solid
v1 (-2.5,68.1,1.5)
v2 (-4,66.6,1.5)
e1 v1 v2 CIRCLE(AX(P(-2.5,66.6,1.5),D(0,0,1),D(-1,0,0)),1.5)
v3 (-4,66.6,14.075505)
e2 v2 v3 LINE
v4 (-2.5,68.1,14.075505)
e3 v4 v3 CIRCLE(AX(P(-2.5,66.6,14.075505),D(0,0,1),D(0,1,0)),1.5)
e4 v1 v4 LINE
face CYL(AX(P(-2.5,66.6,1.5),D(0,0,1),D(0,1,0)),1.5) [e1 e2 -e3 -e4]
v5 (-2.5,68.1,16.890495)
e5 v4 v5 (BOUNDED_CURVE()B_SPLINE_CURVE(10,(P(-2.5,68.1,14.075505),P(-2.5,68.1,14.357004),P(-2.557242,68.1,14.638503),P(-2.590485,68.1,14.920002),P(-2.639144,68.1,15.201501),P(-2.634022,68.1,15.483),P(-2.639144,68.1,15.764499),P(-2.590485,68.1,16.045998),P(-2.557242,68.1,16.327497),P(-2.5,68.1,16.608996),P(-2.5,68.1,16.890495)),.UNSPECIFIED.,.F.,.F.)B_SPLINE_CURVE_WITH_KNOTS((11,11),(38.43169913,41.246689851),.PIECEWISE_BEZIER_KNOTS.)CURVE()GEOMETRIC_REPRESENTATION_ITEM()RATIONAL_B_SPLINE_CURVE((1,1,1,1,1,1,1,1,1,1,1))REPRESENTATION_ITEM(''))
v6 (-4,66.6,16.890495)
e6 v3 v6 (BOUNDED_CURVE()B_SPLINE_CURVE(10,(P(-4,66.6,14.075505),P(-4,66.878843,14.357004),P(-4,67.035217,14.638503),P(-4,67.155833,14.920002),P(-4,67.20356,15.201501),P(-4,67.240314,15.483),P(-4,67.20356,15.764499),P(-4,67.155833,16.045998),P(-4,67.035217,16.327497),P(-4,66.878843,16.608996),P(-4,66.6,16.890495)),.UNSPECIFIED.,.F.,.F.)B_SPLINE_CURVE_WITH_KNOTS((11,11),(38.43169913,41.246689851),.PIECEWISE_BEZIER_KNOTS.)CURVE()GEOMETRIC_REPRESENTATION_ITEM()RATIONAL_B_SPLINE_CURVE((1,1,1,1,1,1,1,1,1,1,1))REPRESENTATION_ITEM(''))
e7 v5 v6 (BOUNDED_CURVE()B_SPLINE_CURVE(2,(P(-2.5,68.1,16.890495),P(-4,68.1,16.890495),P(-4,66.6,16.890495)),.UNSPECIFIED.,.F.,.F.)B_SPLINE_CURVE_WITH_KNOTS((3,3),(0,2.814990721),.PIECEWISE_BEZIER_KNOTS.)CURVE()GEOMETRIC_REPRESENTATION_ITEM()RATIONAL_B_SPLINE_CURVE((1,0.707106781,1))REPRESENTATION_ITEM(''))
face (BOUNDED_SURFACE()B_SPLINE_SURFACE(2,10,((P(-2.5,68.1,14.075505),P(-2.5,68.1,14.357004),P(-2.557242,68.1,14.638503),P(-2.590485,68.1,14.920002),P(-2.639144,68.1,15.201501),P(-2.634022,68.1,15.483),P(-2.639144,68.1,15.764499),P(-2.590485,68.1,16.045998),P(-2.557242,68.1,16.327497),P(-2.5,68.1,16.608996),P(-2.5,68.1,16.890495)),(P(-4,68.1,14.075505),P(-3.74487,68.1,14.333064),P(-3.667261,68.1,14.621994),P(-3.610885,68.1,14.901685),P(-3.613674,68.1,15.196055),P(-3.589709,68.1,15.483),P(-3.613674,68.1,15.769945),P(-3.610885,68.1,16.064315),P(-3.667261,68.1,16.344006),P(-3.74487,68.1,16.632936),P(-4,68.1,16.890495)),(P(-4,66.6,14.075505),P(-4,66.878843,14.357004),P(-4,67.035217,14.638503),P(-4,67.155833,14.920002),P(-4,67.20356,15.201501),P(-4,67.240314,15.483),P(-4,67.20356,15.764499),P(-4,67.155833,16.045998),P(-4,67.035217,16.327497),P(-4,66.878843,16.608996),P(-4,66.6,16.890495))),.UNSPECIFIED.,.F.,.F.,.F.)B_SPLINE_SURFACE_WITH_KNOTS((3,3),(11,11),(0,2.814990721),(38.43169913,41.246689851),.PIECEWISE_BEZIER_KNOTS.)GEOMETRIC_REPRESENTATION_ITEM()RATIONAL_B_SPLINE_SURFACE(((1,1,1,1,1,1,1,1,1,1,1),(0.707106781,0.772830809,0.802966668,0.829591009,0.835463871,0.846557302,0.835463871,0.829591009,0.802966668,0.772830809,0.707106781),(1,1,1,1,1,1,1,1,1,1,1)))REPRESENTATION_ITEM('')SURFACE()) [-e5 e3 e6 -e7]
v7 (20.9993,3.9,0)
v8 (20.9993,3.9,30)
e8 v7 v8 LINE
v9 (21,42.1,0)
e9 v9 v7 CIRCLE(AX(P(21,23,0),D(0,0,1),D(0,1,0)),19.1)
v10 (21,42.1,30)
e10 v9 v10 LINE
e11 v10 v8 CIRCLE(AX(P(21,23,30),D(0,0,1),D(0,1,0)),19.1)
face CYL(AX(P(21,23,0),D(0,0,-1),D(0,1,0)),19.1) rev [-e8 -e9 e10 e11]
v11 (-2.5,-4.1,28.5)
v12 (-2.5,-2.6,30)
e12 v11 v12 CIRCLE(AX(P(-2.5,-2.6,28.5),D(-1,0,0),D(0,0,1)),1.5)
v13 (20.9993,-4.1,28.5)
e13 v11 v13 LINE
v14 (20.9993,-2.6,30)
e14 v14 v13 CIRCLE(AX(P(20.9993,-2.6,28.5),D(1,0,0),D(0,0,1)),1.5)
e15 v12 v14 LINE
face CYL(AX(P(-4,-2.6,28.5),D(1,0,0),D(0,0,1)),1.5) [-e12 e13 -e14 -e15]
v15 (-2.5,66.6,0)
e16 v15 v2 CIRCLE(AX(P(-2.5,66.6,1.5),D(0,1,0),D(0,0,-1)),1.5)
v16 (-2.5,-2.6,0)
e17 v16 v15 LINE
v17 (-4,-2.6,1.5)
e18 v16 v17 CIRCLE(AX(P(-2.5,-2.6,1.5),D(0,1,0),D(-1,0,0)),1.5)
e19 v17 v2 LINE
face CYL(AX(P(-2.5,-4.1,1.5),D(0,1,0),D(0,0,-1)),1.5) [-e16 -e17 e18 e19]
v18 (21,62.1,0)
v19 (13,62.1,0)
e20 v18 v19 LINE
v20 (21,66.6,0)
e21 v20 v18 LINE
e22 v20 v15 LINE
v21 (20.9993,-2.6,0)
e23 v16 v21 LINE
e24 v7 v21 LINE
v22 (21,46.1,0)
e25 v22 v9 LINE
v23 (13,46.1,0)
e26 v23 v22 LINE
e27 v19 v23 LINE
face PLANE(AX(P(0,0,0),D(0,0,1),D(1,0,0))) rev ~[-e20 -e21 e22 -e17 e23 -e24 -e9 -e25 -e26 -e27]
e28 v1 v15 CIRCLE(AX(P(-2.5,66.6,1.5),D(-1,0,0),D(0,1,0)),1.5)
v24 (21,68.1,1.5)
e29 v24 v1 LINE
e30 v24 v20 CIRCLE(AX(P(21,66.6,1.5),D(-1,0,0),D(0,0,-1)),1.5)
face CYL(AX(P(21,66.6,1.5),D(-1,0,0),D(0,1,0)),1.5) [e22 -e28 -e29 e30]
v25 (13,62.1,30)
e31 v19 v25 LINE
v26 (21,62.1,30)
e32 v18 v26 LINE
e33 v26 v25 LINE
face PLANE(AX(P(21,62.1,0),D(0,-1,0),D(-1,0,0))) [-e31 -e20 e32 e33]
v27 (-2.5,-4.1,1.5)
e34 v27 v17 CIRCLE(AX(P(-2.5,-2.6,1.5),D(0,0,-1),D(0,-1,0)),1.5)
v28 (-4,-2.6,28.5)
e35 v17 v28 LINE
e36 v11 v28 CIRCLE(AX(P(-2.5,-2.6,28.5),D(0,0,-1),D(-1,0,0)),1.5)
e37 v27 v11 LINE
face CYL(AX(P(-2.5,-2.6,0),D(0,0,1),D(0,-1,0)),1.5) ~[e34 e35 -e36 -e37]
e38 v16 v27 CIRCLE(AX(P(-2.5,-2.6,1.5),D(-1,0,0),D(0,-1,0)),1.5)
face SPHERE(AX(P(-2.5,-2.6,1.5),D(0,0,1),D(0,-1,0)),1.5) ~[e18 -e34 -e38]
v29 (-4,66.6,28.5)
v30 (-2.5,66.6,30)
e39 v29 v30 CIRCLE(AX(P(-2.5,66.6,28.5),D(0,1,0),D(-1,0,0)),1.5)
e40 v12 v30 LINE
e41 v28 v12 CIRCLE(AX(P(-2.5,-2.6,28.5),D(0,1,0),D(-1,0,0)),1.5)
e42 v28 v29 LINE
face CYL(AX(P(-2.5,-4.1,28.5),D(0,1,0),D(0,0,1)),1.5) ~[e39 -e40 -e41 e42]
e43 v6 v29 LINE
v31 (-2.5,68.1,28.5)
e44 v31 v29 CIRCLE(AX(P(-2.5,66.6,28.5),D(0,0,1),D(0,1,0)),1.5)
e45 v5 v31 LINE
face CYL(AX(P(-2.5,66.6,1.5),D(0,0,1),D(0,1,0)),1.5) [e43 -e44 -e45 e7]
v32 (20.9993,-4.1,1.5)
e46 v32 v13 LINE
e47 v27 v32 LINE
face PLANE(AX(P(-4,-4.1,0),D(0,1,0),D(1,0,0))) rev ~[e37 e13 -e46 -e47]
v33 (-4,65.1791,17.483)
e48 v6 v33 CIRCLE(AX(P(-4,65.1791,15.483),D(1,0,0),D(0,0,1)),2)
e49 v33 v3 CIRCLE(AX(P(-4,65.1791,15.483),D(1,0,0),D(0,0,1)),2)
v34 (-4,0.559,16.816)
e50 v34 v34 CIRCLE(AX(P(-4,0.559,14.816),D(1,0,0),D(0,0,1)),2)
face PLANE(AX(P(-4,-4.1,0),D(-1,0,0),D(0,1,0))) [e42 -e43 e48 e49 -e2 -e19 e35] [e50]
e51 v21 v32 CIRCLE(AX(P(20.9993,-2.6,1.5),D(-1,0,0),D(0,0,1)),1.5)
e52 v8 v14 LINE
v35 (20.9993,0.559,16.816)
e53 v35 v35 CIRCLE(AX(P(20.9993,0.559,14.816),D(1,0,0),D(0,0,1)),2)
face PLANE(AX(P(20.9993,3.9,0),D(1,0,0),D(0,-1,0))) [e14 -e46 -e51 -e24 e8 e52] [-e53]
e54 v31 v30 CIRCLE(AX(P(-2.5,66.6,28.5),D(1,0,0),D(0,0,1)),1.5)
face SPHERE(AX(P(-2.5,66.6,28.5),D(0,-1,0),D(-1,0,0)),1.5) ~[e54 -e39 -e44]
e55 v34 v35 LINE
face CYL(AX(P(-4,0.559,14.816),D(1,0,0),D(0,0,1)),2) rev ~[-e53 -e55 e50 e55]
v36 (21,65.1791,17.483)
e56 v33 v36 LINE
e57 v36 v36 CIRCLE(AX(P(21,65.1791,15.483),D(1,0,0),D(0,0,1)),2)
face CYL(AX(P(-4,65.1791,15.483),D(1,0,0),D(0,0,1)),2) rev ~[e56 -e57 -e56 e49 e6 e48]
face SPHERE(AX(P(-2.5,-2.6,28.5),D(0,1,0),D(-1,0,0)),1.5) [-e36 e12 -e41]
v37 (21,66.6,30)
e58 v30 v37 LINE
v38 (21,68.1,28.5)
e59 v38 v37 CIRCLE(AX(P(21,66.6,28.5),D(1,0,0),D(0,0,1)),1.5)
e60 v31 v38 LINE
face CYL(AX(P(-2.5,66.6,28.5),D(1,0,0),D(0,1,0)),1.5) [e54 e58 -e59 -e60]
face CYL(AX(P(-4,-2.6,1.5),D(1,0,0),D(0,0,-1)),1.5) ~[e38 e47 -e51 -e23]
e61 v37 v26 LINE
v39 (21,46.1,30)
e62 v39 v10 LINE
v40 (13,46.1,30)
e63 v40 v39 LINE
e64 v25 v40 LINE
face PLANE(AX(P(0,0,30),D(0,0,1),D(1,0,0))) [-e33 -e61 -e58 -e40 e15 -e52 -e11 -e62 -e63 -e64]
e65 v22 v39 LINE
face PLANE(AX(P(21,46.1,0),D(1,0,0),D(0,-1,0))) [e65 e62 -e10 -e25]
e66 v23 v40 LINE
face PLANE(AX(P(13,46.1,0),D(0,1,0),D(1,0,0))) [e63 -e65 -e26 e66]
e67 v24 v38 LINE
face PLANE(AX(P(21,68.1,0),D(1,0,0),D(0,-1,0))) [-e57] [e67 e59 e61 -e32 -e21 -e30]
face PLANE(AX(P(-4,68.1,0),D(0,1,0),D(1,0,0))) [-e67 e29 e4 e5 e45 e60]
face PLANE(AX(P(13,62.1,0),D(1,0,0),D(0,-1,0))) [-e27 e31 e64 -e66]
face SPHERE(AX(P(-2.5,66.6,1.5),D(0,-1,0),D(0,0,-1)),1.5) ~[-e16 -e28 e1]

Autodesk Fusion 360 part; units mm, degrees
sketch "Esboço1" plane through (0, 0, 0) normal (0, 0, 1) x (1, 0, 0)
  line L0 (13, 46.1) -> (21, 46.1)
  line L1 (13, 62.1) -> (13, 46.1)
  line L2 (-4, -4.1) -> (-4, 68.1)
  line L3 (-4, -4.1) -> (20.9993, -4.1)
  line L4 (21, 68.1) -> (21, 62.1)
  line L5 (21, 62.1) -> (13, 62.1)
  line L6 (20.9993, 3.9) -> (20.9993, -4.1)
  line L7 (21, 46.1) -> (21, 42.1)
  arc A0 (21, 42.1) -> (20.9993, 3.9) centre (21, 23) ccw
  line L8 (-4, 68.1) -> (21, 68.1)
  dimension "d2" = 16
  dimension "d3" = 8
  dimension "d5" = 6
  dimension "d8" = 8
  dimension "d10" = 8
  dimension "d36" = 25
  dimension "d12" = 4
  dimension "d13" = 19.1
extrude "Extrusão1" add sketch "Esboço1" along normal blind 30
hole "Furo1" at (-4, 65.1791, 15.483) direction (1, 0, 0) diameter 4 depth 25 tip angle 180
hole "Furo2" at (-4, 0.559, 14.816) direction (1, 0, 0) diameter 4 depth 25 tip angle 180
fillet "Arredondamento1" radius 1.5 5 edges at (-4, 32, 30) (-4, -4.1, 15) (8.4996, -4.1, 30) (8.4996, -4.1, 0) (-4, 32, 0)
fillet "Arredondamento2" radius 1.5 5 edges at (9.25, 68.1, 30) (-3.5607, 68.1, 29.5607) (-4, 68.1, 15) (-3.5607, 68.1, 0.4393) (9.25, 68.1, 0)
